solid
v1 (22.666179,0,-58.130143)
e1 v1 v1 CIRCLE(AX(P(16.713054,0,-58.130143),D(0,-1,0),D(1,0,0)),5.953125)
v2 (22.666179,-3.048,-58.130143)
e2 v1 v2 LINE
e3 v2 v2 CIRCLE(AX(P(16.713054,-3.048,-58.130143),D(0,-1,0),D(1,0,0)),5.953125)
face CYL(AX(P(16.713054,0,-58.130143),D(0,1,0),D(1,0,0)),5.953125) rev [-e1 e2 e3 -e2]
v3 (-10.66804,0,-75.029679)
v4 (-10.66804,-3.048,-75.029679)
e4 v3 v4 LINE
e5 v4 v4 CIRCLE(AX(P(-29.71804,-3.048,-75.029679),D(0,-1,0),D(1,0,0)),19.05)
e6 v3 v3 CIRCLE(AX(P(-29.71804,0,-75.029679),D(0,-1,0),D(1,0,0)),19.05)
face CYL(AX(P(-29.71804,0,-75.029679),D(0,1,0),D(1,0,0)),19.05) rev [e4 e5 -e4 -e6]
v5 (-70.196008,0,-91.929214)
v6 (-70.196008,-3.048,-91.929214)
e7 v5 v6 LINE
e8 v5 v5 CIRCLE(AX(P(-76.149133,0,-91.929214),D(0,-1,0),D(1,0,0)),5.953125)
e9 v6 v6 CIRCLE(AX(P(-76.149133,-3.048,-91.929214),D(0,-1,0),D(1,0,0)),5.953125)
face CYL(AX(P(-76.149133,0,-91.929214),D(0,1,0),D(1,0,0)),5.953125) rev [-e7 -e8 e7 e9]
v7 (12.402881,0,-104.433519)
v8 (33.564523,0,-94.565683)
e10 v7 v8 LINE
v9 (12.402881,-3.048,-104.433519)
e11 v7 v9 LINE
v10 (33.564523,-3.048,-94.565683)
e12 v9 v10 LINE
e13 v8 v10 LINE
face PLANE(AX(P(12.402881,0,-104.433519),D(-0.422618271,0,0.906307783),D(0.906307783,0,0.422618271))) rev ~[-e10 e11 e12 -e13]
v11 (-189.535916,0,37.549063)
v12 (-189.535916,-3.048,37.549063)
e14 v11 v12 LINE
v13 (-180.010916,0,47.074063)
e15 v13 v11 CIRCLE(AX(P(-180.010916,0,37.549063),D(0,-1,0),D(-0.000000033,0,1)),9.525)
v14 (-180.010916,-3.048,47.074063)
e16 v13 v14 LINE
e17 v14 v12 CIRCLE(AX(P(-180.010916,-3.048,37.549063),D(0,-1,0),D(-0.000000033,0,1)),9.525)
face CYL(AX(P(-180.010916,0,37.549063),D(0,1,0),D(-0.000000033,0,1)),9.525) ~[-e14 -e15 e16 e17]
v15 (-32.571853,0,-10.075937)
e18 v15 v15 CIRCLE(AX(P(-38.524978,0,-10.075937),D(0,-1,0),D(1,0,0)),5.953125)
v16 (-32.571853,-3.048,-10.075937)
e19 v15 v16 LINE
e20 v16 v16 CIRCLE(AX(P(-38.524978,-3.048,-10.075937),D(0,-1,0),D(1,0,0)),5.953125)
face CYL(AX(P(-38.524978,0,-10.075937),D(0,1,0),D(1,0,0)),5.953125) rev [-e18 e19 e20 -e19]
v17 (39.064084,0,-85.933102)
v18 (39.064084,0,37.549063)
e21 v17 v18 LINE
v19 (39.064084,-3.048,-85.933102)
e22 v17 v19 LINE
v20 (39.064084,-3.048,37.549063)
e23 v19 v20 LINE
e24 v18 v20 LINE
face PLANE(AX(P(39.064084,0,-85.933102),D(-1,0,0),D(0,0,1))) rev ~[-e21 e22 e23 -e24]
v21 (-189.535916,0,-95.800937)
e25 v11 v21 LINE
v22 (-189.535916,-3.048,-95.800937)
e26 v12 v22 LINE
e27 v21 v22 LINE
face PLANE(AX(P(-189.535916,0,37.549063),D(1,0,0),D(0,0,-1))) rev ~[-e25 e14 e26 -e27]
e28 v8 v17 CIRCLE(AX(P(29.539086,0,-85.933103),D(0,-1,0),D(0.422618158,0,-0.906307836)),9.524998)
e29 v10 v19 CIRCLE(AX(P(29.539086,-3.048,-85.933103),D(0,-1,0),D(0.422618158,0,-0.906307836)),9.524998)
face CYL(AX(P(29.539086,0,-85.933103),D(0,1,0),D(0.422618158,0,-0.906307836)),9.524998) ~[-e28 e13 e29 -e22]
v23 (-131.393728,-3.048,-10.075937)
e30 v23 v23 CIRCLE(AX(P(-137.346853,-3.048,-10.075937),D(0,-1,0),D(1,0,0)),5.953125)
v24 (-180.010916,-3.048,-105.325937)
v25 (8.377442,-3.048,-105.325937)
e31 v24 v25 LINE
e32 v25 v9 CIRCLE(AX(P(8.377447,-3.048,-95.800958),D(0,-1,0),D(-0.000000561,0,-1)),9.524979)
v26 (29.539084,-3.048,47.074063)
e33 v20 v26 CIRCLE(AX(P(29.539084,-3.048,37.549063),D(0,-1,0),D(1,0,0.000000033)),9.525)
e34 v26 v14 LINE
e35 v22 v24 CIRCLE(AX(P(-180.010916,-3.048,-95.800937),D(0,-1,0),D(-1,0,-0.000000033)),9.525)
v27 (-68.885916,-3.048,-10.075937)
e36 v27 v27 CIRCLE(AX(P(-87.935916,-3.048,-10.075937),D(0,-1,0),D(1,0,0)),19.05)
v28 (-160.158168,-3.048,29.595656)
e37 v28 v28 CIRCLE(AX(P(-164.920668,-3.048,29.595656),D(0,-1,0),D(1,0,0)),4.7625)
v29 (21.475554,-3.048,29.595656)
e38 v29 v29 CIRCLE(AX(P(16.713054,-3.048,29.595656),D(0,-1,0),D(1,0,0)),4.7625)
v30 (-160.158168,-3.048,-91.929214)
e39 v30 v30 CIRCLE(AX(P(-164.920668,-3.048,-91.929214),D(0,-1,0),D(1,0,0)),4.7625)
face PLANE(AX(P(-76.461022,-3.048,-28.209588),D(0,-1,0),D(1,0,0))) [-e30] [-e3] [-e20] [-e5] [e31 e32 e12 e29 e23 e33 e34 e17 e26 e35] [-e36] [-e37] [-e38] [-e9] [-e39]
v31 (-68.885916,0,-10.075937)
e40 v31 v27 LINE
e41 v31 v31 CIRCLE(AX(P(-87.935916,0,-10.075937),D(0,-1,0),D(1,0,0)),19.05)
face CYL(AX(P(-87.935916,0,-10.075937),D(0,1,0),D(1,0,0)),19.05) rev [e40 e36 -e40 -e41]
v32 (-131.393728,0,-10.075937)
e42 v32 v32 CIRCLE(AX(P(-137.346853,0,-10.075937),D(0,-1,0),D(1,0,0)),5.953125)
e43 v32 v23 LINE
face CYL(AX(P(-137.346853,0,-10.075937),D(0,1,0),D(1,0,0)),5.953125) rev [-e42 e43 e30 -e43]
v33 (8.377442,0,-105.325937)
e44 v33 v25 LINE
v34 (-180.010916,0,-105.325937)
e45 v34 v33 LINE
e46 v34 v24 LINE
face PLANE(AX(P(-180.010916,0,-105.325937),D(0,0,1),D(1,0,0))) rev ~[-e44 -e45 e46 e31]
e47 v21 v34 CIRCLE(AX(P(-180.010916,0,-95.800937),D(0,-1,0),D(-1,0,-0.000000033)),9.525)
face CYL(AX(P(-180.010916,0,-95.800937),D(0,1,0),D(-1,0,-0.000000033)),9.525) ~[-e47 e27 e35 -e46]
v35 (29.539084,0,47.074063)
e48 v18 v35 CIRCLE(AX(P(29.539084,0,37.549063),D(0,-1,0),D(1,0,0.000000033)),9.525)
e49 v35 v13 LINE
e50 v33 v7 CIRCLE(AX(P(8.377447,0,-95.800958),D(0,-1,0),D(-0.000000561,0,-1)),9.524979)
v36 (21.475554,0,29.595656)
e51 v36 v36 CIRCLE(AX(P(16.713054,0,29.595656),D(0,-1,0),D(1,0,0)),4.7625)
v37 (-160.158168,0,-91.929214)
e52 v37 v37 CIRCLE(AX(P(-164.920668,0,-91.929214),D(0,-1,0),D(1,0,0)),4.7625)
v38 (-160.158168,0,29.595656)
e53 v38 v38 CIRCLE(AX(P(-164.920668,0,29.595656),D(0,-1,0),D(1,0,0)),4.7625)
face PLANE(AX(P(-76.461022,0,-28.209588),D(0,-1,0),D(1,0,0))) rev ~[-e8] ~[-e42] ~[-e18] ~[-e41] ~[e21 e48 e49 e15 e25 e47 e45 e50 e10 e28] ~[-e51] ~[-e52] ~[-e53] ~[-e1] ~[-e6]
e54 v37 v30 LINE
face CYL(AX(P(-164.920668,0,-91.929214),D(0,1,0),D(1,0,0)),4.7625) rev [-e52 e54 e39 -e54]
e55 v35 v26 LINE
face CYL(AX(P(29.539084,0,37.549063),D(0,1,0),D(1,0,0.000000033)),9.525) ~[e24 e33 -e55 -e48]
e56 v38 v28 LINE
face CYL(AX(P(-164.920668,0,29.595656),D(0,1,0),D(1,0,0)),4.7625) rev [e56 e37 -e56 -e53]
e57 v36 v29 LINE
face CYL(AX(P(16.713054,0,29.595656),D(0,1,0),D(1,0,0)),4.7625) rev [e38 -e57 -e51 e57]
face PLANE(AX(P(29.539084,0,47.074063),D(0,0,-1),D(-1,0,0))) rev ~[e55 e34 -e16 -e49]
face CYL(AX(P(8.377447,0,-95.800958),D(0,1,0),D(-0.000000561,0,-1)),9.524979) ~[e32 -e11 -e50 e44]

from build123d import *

# Parameters (mm, degrees)
F0_R     = 4.7625
F0_R_2   = 5.953125
F0_R_3   = 19.05
F1_DEPTH = 3.048


with BuildPart() as f1:
    # F0 (on Front) → F1 (new body)
    with BuildSketch(Plane.XZ):
        with BuildLine():
            ThreePointArc((-180.010916, 47.074063), (-186.746108, 44.284255), (-189.535916, 37.549063))
            Line((-189.535916, 37.549063), (-189.535916, -95.800937))
            ThreePointArc((-189.535916, -95.800937), (-186.746108, -102.536129), (-180.010916, -105.325937))
            Line((-180.010916, -105.325937), (8.377442, -105.325937))
            ThreePointArc((8.377442, -105.325937), (10.43903, -105.100157), (12.402881, -104.433519))
            Line((12.402881, -104.433519), (33.564523, -94.565683))
            ThreePointArc((33.564523, -94.565683), (37.572388, -91.05088), (39.064084, -85.933102))
            Line((39.064084, -85.933102), (39.064084, 37.549063))
            ThreePointArc((39.064084, 37.549063), (36.274276, 44.284255), (29.539084, 47.074063))
            Line((29.539084, 47.074063), (-180.010916, 47.074063))
        make_face()
        with Locations((-164.920668, -91.929214)):
            Circle(F0_R, mode=Mode.SUBTRACT)
        with Locations((-76.149133, -91.929214)):
            Circle(F0_R_2, mode=Mode.SUBTRACT)
        with Locations((-29.71804, -75.029679)):
            Circle(F0_R_3, mode=Mode.SUBTRACT)
        with Locations((16.713054, -58.130143)):
            Circle(F0_R_2, mode=Mode.SUBTRACT)
        with Locations((-137.346853, -10.075937)):
            Circle(F0_R_2, mode=Mode.SUBTRACT)
        with Locations((-87.935916, -10.075937)):
            Circle(F0_R_3, mode=Mode.SUBTRACT)
        with Locations((-164.920668, 29.595656)):
            Circle(F0_R, mode=Mode.SUBTRACT)
        with Locations((-38.524978, -10.075937)):
            Circle(F0_R_2, mode=Mode.SUBTRACT)
        with Locations((16.713054, 29.595656)):
            Circle(F0_R, mode=Mode.SUBTRACT)
    extrude(amount=F1_DEPTH)


solid = f1.part
